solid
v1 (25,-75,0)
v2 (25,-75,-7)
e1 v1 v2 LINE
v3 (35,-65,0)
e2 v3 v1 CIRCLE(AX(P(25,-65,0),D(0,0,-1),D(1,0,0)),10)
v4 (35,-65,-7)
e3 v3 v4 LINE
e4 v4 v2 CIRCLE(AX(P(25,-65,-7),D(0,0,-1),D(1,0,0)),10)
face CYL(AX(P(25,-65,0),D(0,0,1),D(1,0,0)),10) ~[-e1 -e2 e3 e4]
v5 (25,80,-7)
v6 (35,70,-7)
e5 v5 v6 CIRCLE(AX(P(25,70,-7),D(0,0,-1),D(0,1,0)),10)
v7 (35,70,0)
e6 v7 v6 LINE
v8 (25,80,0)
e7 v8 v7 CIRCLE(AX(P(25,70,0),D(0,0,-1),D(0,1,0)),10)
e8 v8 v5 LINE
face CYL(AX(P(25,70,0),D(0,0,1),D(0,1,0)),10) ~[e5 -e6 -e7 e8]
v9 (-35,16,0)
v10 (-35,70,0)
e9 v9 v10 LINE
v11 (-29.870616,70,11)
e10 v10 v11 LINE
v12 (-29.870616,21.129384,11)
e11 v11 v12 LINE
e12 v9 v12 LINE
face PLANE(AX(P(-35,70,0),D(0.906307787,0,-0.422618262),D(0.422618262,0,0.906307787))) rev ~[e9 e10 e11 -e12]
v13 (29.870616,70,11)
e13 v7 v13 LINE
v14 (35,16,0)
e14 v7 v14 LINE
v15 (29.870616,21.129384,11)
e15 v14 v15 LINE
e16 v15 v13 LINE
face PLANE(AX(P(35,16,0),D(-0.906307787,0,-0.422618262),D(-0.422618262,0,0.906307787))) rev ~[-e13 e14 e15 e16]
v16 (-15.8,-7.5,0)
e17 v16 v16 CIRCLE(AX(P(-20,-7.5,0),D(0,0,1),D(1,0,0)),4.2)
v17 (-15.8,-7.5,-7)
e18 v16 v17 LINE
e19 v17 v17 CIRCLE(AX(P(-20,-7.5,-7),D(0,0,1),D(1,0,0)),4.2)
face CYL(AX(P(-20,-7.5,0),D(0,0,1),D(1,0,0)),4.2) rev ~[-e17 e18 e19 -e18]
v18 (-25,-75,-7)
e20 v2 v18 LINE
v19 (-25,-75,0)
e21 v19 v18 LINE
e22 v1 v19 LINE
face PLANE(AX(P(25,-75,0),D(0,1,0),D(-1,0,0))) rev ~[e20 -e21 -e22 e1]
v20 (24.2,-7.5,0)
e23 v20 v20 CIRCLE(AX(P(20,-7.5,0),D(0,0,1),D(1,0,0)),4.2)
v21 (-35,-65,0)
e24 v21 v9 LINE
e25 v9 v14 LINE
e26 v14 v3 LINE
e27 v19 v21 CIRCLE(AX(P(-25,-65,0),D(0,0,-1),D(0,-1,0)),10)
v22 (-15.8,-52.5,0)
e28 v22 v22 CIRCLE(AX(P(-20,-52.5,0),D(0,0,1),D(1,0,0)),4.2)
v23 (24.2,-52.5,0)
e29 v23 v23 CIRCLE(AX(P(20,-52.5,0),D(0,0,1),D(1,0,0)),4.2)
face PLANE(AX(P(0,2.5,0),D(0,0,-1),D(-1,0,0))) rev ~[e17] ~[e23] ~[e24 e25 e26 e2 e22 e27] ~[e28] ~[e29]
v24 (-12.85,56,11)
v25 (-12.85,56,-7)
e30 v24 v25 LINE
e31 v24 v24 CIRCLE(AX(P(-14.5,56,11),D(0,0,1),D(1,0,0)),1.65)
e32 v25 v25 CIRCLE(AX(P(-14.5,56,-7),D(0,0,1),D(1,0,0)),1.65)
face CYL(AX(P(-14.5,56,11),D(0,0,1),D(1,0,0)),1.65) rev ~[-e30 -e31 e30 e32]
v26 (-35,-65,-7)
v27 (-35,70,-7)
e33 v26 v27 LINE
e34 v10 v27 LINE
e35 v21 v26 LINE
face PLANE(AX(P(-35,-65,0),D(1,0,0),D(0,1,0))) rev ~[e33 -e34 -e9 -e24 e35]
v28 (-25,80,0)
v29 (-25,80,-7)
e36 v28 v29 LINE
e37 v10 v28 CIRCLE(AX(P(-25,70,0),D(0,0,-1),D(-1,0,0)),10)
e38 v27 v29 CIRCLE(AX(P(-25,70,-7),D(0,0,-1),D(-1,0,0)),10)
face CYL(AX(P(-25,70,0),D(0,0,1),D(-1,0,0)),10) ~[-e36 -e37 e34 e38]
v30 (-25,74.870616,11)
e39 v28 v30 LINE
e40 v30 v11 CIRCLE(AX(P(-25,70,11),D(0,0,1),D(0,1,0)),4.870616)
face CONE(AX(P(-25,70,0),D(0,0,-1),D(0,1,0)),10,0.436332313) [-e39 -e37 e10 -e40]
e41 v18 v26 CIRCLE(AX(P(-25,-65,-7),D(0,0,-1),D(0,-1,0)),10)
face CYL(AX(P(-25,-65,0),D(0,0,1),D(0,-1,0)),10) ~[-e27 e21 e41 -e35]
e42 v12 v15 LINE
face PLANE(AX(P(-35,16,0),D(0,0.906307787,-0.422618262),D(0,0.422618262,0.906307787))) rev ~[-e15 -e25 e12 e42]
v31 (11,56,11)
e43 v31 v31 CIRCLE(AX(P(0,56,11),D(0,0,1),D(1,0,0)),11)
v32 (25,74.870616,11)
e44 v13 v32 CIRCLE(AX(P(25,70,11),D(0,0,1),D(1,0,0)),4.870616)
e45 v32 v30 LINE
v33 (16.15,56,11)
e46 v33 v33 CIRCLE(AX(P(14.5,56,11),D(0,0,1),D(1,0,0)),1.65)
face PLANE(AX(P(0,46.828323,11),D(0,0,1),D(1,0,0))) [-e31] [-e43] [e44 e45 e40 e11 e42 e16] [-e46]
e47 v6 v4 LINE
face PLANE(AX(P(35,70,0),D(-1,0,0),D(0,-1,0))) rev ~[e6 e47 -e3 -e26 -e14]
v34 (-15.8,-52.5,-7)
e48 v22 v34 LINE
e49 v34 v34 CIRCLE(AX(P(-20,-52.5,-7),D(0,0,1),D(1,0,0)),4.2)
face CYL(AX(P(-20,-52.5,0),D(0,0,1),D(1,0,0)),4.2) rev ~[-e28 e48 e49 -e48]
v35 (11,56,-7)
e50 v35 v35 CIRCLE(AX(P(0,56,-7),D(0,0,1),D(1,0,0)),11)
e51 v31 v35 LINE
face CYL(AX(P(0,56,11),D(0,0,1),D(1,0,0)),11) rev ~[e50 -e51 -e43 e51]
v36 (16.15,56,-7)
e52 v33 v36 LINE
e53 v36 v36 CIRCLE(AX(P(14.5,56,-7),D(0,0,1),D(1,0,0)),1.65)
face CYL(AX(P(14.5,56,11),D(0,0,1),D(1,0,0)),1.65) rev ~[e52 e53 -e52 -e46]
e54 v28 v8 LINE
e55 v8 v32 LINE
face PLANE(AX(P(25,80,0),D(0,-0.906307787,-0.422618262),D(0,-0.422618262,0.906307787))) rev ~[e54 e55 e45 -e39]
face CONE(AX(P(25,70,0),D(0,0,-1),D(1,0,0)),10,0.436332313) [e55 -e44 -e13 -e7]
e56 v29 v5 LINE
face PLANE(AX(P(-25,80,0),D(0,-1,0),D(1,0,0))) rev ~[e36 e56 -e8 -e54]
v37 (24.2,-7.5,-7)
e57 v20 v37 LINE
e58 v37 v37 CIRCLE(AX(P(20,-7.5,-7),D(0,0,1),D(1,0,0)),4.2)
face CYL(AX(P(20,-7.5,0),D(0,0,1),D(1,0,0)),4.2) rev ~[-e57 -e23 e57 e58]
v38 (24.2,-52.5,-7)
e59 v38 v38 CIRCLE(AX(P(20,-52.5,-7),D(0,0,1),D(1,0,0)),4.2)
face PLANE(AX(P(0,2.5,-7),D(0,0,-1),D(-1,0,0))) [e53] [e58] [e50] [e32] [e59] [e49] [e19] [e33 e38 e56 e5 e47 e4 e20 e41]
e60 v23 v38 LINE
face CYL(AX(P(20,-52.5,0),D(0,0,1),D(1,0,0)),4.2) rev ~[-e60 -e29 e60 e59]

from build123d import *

# Parameters (mm, degrees)
SKETCH1_R           = 4.2
BOSS_EXTRUDE1_DEPTH = 7
BOSS_EXTRUDE2_DEPTH = 11
BOSS_EXTRUDE2_TAPER = 25
SKETCH5_R           = 1.65
SKETCH5_R_2         = 11
CUT_EXTRUDE1_DEPTH  = 19


with BuildPart() as part:
    # Sketch1 → Boss-Extrude1 (new body)
    with BuildSketch(Plane.XY):
        with BuildLine():
            Line((-25, 80), (25, 80))
            ThreePointArc((25, 80), (32.071067812, 77.071067812), (35, 70))
            Line((35, 70), (35, -65))
            ThreePointArc((35, -65), (32.071067812, -72.071067812), (25, -75))
            Line((25, -75), (-25, -75))
            ThreePointArc((-25, -75), (-32.071067812, -72.071067812), (-35, -65))
            Line((-35, -65), (-35, 70))
            ThreePointArc((-35, 70), (-32.071067812, 77.071067812), (-25, 80))
        make_face()
        with Locations((-20, -7.5)):
            Circle(SKETCH1_R, mode=Mode.SUBTRACT)
        with Locations((20, -7.5)):
            Circle(SKETCH1_R, mode=Mode.SUBTRACT)
        with Locations((20, -52.5)):
            Circle(SKETCH1_R, mode=Mode.SUBTRACT)
        with Locations((-20, -52.5)):
            Circle(SKETCH1_R, mode=Mode.SUBTRACT)
    extrude(amount=-BOSS_EXTRUDE1_DEPTH)

    # Sketch3 → Boss-Extrude2 (add)
    with BuildSketch(Plane.XY):
        with BuildLine():
            Line((-35, 16), (35, 16))
            Line((35, 16), (35, 70))
            ThreePointArc((35, 70), (32.071067812, 77.071067812), (25, 80))
            Line((25, 80), (-25, 80))
            ThreePointArc((-25, 80), (-32.071067812, 77.071067812), (-35, 70))
            Line((-35, 70), (-35, 16))
        make_face()
    extrude(amount=BOSS_EXTRUDE2_DEPTH, taper=BOSS_EXTRUDE2_TAPER)

    # Sketch5 → Cut-Extrude1 (cut, through all)
    with BuildSketch(Plane.XY.offset(11)):
        with Locations((-14.5, 56)):
            Circle(SKETCH5_R)
        with Locations((14.5, 56)):
            Circle(SKETCH5_R)
        with Locations((0, 56)):
            Circle(SKETCH5_R_2)
    extrude(amount=-CUT_EXTRUDE1_DEPTH, mode=Mode.SUBTRACT)


solid = part.part
